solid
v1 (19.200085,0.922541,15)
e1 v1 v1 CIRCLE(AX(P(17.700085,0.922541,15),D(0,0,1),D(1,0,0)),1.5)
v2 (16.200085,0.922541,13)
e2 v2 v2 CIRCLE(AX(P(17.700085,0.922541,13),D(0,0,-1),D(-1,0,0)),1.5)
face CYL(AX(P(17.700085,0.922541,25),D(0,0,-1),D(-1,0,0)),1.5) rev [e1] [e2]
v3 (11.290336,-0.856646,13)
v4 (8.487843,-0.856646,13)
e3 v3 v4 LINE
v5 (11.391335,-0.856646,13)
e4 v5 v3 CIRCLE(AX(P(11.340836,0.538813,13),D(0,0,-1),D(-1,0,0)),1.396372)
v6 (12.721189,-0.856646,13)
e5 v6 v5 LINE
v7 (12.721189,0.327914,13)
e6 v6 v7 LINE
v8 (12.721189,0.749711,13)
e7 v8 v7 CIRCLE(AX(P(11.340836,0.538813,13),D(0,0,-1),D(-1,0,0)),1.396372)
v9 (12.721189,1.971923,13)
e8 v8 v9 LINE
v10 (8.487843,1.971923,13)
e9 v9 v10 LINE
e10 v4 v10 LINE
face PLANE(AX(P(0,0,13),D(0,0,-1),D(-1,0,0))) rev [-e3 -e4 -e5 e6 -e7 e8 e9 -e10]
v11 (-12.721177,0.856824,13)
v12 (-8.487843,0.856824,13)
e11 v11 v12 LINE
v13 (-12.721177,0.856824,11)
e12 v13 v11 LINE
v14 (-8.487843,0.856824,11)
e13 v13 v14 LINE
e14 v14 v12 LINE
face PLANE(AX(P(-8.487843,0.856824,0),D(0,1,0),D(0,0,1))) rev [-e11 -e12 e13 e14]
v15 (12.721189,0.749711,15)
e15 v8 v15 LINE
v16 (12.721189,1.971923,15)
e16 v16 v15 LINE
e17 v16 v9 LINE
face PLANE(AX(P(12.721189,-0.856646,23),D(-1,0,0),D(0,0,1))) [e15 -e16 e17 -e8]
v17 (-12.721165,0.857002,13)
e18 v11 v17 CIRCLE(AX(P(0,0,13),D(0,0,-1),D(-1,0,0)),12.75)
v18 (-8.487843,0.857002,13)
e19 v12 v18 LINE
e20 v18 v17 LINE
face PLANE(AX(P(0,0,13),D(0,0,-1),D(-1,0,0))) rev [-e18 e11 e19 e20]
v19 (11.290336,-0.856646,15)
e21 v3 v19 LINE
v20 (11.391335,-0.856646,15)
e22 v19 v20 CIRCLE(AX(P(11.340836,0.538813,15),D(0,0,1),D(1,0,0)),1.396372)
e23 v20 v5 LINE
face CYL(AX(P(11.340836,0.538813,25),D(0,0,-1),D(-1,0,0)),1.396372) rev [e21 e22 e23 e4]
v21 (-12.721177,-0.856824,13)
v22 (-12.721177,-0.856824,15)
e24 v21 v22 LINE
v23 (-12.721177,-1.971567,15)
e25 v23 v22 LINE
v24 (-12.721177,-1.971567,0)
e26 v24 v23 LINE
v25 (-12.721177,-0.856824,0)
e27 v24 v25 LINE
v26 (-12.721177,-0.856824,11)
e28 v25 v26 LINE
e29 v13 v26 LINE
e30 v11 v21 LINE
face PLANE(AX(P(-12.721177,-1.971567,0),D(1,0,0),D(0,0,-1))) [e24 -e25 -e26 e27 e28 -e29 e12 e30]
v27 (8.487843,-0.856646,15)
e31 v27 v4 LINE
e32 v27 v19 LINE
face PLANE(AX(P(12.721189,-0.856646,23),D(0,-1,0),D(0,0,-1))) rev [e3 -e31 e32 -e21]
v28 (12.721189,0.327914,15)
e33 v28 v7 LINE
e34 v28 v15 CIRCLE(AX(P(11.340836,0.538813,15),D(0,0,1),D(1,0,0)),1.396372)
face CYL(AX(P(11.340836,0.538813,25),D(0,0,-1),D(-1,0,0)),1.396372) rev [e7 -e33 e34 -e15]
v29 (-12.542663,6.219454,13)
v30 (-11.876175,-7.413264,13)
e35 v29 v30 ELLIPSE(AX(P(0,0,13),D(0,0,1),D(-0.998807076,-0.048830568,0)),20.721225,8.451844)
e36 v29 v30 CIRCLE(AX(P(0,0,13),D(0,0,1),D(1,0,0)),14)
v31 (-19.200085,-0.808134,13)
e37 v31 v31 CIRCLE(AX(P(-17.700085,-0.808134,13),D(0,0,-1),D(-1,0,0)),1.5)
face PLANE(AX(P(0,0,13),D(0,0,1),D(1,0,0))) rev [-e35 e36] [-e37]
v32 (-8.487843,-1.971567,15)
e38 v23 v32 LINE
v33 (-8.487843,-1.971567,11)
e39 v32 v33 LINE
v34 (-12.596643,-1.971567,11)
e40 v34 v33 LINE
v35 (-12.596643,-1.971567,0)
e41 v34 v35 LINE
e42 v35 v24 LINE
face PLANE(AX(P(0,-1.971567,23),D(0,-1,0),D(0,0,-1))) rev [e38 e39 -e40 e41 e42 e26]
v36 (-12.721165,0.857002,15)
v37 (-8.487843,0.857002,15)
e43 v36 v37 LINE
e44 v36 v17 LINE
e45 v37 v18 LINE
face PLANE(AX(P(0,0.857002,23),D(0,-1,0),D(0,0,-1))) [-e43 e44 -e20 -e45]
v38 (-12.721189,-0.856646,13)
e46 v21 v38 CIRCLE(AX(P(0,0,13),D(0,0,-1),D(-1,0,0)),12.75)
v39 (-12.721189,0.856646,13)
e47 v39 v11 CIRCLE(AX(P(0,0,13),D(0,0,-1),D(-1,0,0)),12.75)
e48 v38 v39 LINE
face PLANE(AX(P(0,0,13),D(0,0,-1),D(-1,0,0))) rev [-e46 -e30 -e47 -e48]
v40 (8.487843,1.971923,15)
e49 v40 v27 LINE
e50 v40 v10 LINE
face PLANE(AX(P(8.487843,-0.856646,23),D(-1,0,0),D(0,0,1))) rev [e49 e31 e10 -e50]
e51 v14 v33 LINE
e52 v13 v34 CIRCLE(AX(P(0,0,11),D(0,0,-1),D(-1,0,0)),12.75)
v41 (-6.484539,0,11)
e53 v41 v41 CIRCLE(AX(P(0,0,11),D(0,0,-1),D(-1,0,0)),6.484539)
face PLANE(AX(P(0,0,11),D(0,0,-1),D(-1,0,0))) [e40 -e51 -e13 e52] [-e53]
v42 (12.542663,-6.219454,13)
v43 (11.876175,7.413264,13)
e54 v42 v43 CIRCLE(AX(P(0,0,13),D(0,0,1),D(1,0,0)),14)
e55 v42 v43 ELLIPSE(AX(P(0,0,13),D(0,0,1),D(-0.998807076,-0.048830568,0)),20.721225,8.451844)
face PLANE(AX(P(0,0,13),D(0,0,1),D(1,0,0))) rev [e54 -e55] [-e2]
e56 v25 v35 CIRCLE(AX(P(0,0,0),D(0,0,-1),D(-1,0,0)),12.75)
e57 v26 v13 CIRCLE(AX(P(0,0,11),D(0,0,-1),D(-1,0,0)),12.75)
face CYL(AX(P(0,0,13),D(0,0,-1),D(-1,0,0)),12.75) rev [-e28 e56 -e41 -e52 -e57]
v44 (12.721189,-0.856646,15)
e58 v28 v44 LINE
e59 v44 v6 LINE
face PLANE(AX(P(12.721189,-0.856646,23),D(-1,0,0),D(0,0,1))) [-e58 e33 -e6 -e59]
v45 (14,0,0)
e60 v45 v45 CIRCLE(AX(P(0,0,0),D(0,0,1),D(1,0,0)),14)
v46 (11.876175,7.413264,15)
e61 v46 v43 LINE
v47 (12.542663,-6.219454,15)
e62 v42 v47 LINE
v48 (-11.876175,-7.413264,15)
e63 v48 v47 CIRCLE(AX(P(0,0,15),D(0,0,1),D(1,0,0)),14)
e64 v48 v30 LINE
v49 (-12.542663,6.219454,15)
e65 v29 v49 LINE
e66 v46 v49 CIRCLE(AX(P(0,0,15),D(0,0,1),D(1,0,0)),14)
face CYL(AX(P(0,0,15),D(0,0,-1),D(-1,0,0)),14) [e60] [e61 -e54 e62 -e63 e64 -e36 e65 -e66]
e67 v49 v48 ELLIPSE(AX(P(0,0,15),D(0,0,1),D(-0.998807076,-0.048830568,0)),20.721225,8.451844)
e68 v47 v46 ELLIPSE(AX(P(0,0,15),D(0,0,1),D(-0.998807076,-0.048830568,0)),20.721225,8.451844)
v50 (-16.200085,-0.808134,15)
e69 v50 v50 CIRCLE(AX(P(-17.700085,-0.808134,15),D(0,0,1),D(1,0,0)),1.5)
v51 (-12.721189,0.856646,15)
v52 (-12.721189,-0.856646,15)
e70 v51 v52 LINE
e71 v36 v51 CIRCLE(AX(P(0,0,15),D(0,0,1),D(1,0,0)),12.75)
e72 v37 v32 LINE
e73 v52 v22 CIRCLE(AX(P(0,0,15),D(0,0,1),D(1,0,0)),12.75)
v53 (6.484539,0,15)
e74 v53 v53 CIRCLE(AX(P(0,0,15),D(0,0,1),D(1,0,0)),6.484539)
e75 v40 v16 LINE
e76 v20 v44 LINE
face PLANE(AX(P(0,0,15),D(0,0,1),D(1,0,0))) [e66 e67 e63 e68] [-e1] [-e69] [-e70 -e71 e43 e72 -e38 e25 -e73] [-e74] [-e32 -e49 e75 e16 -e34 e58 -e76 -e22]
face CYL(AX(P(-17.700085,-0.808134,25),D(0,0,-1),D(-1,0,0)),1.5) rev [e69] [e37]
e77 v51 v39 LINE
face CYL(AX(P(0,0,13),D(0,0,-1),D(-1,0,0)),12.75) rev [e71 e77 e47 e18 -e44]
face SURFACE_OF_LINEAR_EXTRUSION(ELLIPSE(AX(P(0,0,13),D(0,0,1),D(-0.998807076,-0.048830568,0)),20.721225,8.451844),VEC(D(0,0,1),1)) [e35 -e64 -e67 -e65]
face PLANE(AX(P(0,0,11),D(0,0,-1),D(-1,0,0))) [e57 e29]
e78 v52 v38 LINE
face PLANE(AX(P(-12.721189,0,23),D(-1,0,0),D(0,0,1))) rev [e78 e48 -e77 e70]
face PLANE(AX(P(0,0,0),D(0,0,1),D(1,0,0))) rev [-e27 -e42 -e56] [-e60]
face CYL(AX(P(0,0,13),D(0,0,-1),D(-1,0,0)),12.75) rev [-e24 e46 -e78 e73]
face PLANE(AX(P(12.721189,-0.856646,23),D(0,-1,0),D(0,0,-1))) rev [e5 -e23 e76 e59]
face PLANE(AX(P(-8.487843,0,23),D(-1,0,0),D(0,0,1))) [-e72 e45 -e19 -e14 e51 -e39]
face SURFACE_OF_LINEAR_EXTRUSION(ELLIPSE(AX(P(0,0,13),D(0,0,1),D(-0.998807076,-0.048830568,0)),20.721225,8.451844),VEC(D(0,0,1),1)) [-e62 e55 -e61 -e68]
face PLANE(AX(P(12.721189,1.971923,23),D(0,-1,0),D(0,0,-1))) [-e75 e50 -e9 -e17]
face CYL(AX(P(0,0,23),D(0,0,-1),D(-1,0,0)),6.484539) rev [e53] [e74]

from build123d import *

# Parameters (mm, degrees)
IZIM7_R                     = 14
Y_KSEKLIK_EKSTR_ZYON3_DEPTH = 15
IZIM8_R                     = 12.75
KES_EKSTR_ZYON2_DEPTH       = 13
IZIM10_RX                   = 20.721224891
IZIM10_RY                   = 8.451844087
Y_KSEKLIK_EKSTR_ZYON5_DEPTH = 2
IZIM11_R                    = 1.5
KES_EKSTR_ZYON4_DEPTH       = 12
IZIM12_R                    = 1.39637185
KES_EKSTR_ZYON5_DEPTH       = 12
IZIM13_R                    = 1.39637185
KES_EKSTR_ZYON9_DEPTH       = 10
IZIM17_R                    = 6.48453934
KES_EKSTR_ZYON10_DEPTH      = 10
IZIM18_R                    = 12.75
Y_KSEKLIK_EKSTR_ZYON6_DEPTH = 2
IZIM19_R                    = 6.48453934
KES_EKSTR_ZYON11_DEPTH      = 15
IZIM20_W                    = 4.233334515
IZIM20_H                    = 2.828390799
KES_EKSTR_ZYON12_DEPTH      = 15


with BuildPart() as part:
    # Çizim7 → Yükseklik-Ekstrüzyon3 (new body)
    with BuildSketch(Plane.XY):
        Circle(IZIM7_R)
    extrude(amount=Y_KSEKLIK_EKSTR_ZYON3_DEPTH)

    # Çizim8 → Kes-Ekstrüzyon2 (cut)
    with BuildSketch(Plane(origin=(0, 0, 0), x_dir=(-1, 0, 0), z_dir=(0, 0, -1))):
        Circle(IZIM8_R)
    extrude(amount=-KES_EKSTR_ZYON2_DEPTH, mode=Mode.SUBTRACT)

    # Çizim10 → Yükseklik-Ekstrüzyon5 (add)
    with BuildSketch(Plane.XY.offset(15)):
        with Locations(Location((0, 0), (0, 0, -177.201101486))):
            Ellipse(IZIM10_RX, IZIM10_RY)
    extrude(amount=-Y_KSEKLIK_EKSTR_ZYON5_DEPTH)

    # Çizim11 → Kes-Ekstrüzyon4 (cut)
    with BuildSketch(Plane(origin=(0, 0, 13), x_dir=(-1, 0, 0), z_dir=(0, 0, -1))):
        with Locations((-17.700084822, 0.922540909)):
            Circle(IZIM11_R)
        with Locations((17.700084822, -0.808134051)):
            Circle(IZIM11_R)
    extrude(amount=-KES_EKSTR_ZYON4_DEPTH, mode=Mode.SUBTRACT)

    # Çizim12 → Kes-Ekstrüzyon5 (cut)
    with BuildSketch(Plane(origin=(0, 0, 13), x_dir=(-1, 0, 0), z_dir=(0, 0, -1))):
        with Locations((-11.340835644, 0.538812648)):
            Circle(IZIM12_R)
        with Locations((11.231387984, -0.55728261)):
            Circle(IZIM12_R)
    extrude(amount=-KES_EKSTR_ZYON5_DEPTH, mode=Mode.SUBTRACT)

    # Çizim13 → Kes-Ekstrüzyon9 (cut)
    with BuildSketch(Plane(origin=(0, 0, 13), x_dir=(-1, 0, 0), z_dir=(0, 0, -1))):
        with BuildLine():
            Line((8.487842828, 0.857001804), (8.487842828, -1.971567024))
            Line((8.487842828, -1.971567024), (12.596643341, -1.971567024))
            ThreePointArc((12.596643341, -1.971567024), (12.671184838, -1.415476879), (12.721189334, -0.856645746))
            Line((12.721189334, -0.856645746), (12.721189334, 0.857001804))
            Line((12.721189334, 0.857001804), (8.487842828, 0.857001804))
        make_face()
        with Locations((11.231387984, -0.55728261)):
            Circle(IZIM13_R, mode=Mode.SUBTRACT)
        with BuildLine():
            Line((-12.721189334, 0.327914487), (-12.721189334, -0.856645746))
            Line((-12.721189334, -0.856645746), (-11.391335286, -0.856645746))
            ThreePointArc((-11.391335286, -0.856645746), (-12.269614978, -0.503887353), (-12.721189334, 0.327914487))
        make_face()
        with BuildLine():
            Line((-12.721189334, 1.971923081), (-12.721189334, 0.749710808))
            ThreePointArc((-12.721189334, 0.749710808), (-10.298135643, 1.467591981), (-11.290336002, -0.856645746))
            Line((-11.290336002, -0.856645746), (-8.487842828, -0.856645746))
            Line((-8.487842828, -0.856645746), (-8.487842828, 1.971923081))
            Line((-8.487842828, 1.971923081), (-12.721189334, 1.971923081))
        make_face()
    extrude(amount=-KES_EKSTR_ZYON9_DEPTH, mode=Mode.SUBTRACT)

    # Çizim17 → Kes-Ekstrüzyon10 (cut)
    with BuildSketch(Plane(origin=(0, 0, 13), x_dir=(-1, 0, 0), z_dir=(0, 0, -1))):
        Circle(IZIM17_R)
    extrude(amount=-KES_EKSTR_ZYON10_DEPTH, mode=Mode.SUBTRACT)

    # Çizim18 → Yükseklik-Ekstrüzyon6 (add)
    with BuildSketch(Plane(origin=(0, 0, 13), x_dir=(-1, 0, 0), z_dir=(0, 0, -1))):
        Circle(IZIM18_R)
    extrude(amount=Y_KSEKLIK_EKSTR_ZYON6_DEPTH)

    # Çizim19 → Kes-Ekstrüzyon11 (cut)
    with BuildSketch(Plane.XY.offset(13)):
        Circle(IZIM19_R)
    extrude(amount=-KES_EKSTR_ZYON11_DEPTH, mode=Mode.SUBTRACT)

    # Çizim20 → Kes-Ekstrüzyon12 (cut)
    with BuildSketch(Plane.XY.offset(15)):
        with Locations((-10.604510085, -0.557371624)):
            Rectangle(IZIM20_W, IZIM20_H)
    extrude(amount=-KES_EKSTR_ZYON12_DEPTH, mode=Mode.SUBTRACT)


solid = part.part
